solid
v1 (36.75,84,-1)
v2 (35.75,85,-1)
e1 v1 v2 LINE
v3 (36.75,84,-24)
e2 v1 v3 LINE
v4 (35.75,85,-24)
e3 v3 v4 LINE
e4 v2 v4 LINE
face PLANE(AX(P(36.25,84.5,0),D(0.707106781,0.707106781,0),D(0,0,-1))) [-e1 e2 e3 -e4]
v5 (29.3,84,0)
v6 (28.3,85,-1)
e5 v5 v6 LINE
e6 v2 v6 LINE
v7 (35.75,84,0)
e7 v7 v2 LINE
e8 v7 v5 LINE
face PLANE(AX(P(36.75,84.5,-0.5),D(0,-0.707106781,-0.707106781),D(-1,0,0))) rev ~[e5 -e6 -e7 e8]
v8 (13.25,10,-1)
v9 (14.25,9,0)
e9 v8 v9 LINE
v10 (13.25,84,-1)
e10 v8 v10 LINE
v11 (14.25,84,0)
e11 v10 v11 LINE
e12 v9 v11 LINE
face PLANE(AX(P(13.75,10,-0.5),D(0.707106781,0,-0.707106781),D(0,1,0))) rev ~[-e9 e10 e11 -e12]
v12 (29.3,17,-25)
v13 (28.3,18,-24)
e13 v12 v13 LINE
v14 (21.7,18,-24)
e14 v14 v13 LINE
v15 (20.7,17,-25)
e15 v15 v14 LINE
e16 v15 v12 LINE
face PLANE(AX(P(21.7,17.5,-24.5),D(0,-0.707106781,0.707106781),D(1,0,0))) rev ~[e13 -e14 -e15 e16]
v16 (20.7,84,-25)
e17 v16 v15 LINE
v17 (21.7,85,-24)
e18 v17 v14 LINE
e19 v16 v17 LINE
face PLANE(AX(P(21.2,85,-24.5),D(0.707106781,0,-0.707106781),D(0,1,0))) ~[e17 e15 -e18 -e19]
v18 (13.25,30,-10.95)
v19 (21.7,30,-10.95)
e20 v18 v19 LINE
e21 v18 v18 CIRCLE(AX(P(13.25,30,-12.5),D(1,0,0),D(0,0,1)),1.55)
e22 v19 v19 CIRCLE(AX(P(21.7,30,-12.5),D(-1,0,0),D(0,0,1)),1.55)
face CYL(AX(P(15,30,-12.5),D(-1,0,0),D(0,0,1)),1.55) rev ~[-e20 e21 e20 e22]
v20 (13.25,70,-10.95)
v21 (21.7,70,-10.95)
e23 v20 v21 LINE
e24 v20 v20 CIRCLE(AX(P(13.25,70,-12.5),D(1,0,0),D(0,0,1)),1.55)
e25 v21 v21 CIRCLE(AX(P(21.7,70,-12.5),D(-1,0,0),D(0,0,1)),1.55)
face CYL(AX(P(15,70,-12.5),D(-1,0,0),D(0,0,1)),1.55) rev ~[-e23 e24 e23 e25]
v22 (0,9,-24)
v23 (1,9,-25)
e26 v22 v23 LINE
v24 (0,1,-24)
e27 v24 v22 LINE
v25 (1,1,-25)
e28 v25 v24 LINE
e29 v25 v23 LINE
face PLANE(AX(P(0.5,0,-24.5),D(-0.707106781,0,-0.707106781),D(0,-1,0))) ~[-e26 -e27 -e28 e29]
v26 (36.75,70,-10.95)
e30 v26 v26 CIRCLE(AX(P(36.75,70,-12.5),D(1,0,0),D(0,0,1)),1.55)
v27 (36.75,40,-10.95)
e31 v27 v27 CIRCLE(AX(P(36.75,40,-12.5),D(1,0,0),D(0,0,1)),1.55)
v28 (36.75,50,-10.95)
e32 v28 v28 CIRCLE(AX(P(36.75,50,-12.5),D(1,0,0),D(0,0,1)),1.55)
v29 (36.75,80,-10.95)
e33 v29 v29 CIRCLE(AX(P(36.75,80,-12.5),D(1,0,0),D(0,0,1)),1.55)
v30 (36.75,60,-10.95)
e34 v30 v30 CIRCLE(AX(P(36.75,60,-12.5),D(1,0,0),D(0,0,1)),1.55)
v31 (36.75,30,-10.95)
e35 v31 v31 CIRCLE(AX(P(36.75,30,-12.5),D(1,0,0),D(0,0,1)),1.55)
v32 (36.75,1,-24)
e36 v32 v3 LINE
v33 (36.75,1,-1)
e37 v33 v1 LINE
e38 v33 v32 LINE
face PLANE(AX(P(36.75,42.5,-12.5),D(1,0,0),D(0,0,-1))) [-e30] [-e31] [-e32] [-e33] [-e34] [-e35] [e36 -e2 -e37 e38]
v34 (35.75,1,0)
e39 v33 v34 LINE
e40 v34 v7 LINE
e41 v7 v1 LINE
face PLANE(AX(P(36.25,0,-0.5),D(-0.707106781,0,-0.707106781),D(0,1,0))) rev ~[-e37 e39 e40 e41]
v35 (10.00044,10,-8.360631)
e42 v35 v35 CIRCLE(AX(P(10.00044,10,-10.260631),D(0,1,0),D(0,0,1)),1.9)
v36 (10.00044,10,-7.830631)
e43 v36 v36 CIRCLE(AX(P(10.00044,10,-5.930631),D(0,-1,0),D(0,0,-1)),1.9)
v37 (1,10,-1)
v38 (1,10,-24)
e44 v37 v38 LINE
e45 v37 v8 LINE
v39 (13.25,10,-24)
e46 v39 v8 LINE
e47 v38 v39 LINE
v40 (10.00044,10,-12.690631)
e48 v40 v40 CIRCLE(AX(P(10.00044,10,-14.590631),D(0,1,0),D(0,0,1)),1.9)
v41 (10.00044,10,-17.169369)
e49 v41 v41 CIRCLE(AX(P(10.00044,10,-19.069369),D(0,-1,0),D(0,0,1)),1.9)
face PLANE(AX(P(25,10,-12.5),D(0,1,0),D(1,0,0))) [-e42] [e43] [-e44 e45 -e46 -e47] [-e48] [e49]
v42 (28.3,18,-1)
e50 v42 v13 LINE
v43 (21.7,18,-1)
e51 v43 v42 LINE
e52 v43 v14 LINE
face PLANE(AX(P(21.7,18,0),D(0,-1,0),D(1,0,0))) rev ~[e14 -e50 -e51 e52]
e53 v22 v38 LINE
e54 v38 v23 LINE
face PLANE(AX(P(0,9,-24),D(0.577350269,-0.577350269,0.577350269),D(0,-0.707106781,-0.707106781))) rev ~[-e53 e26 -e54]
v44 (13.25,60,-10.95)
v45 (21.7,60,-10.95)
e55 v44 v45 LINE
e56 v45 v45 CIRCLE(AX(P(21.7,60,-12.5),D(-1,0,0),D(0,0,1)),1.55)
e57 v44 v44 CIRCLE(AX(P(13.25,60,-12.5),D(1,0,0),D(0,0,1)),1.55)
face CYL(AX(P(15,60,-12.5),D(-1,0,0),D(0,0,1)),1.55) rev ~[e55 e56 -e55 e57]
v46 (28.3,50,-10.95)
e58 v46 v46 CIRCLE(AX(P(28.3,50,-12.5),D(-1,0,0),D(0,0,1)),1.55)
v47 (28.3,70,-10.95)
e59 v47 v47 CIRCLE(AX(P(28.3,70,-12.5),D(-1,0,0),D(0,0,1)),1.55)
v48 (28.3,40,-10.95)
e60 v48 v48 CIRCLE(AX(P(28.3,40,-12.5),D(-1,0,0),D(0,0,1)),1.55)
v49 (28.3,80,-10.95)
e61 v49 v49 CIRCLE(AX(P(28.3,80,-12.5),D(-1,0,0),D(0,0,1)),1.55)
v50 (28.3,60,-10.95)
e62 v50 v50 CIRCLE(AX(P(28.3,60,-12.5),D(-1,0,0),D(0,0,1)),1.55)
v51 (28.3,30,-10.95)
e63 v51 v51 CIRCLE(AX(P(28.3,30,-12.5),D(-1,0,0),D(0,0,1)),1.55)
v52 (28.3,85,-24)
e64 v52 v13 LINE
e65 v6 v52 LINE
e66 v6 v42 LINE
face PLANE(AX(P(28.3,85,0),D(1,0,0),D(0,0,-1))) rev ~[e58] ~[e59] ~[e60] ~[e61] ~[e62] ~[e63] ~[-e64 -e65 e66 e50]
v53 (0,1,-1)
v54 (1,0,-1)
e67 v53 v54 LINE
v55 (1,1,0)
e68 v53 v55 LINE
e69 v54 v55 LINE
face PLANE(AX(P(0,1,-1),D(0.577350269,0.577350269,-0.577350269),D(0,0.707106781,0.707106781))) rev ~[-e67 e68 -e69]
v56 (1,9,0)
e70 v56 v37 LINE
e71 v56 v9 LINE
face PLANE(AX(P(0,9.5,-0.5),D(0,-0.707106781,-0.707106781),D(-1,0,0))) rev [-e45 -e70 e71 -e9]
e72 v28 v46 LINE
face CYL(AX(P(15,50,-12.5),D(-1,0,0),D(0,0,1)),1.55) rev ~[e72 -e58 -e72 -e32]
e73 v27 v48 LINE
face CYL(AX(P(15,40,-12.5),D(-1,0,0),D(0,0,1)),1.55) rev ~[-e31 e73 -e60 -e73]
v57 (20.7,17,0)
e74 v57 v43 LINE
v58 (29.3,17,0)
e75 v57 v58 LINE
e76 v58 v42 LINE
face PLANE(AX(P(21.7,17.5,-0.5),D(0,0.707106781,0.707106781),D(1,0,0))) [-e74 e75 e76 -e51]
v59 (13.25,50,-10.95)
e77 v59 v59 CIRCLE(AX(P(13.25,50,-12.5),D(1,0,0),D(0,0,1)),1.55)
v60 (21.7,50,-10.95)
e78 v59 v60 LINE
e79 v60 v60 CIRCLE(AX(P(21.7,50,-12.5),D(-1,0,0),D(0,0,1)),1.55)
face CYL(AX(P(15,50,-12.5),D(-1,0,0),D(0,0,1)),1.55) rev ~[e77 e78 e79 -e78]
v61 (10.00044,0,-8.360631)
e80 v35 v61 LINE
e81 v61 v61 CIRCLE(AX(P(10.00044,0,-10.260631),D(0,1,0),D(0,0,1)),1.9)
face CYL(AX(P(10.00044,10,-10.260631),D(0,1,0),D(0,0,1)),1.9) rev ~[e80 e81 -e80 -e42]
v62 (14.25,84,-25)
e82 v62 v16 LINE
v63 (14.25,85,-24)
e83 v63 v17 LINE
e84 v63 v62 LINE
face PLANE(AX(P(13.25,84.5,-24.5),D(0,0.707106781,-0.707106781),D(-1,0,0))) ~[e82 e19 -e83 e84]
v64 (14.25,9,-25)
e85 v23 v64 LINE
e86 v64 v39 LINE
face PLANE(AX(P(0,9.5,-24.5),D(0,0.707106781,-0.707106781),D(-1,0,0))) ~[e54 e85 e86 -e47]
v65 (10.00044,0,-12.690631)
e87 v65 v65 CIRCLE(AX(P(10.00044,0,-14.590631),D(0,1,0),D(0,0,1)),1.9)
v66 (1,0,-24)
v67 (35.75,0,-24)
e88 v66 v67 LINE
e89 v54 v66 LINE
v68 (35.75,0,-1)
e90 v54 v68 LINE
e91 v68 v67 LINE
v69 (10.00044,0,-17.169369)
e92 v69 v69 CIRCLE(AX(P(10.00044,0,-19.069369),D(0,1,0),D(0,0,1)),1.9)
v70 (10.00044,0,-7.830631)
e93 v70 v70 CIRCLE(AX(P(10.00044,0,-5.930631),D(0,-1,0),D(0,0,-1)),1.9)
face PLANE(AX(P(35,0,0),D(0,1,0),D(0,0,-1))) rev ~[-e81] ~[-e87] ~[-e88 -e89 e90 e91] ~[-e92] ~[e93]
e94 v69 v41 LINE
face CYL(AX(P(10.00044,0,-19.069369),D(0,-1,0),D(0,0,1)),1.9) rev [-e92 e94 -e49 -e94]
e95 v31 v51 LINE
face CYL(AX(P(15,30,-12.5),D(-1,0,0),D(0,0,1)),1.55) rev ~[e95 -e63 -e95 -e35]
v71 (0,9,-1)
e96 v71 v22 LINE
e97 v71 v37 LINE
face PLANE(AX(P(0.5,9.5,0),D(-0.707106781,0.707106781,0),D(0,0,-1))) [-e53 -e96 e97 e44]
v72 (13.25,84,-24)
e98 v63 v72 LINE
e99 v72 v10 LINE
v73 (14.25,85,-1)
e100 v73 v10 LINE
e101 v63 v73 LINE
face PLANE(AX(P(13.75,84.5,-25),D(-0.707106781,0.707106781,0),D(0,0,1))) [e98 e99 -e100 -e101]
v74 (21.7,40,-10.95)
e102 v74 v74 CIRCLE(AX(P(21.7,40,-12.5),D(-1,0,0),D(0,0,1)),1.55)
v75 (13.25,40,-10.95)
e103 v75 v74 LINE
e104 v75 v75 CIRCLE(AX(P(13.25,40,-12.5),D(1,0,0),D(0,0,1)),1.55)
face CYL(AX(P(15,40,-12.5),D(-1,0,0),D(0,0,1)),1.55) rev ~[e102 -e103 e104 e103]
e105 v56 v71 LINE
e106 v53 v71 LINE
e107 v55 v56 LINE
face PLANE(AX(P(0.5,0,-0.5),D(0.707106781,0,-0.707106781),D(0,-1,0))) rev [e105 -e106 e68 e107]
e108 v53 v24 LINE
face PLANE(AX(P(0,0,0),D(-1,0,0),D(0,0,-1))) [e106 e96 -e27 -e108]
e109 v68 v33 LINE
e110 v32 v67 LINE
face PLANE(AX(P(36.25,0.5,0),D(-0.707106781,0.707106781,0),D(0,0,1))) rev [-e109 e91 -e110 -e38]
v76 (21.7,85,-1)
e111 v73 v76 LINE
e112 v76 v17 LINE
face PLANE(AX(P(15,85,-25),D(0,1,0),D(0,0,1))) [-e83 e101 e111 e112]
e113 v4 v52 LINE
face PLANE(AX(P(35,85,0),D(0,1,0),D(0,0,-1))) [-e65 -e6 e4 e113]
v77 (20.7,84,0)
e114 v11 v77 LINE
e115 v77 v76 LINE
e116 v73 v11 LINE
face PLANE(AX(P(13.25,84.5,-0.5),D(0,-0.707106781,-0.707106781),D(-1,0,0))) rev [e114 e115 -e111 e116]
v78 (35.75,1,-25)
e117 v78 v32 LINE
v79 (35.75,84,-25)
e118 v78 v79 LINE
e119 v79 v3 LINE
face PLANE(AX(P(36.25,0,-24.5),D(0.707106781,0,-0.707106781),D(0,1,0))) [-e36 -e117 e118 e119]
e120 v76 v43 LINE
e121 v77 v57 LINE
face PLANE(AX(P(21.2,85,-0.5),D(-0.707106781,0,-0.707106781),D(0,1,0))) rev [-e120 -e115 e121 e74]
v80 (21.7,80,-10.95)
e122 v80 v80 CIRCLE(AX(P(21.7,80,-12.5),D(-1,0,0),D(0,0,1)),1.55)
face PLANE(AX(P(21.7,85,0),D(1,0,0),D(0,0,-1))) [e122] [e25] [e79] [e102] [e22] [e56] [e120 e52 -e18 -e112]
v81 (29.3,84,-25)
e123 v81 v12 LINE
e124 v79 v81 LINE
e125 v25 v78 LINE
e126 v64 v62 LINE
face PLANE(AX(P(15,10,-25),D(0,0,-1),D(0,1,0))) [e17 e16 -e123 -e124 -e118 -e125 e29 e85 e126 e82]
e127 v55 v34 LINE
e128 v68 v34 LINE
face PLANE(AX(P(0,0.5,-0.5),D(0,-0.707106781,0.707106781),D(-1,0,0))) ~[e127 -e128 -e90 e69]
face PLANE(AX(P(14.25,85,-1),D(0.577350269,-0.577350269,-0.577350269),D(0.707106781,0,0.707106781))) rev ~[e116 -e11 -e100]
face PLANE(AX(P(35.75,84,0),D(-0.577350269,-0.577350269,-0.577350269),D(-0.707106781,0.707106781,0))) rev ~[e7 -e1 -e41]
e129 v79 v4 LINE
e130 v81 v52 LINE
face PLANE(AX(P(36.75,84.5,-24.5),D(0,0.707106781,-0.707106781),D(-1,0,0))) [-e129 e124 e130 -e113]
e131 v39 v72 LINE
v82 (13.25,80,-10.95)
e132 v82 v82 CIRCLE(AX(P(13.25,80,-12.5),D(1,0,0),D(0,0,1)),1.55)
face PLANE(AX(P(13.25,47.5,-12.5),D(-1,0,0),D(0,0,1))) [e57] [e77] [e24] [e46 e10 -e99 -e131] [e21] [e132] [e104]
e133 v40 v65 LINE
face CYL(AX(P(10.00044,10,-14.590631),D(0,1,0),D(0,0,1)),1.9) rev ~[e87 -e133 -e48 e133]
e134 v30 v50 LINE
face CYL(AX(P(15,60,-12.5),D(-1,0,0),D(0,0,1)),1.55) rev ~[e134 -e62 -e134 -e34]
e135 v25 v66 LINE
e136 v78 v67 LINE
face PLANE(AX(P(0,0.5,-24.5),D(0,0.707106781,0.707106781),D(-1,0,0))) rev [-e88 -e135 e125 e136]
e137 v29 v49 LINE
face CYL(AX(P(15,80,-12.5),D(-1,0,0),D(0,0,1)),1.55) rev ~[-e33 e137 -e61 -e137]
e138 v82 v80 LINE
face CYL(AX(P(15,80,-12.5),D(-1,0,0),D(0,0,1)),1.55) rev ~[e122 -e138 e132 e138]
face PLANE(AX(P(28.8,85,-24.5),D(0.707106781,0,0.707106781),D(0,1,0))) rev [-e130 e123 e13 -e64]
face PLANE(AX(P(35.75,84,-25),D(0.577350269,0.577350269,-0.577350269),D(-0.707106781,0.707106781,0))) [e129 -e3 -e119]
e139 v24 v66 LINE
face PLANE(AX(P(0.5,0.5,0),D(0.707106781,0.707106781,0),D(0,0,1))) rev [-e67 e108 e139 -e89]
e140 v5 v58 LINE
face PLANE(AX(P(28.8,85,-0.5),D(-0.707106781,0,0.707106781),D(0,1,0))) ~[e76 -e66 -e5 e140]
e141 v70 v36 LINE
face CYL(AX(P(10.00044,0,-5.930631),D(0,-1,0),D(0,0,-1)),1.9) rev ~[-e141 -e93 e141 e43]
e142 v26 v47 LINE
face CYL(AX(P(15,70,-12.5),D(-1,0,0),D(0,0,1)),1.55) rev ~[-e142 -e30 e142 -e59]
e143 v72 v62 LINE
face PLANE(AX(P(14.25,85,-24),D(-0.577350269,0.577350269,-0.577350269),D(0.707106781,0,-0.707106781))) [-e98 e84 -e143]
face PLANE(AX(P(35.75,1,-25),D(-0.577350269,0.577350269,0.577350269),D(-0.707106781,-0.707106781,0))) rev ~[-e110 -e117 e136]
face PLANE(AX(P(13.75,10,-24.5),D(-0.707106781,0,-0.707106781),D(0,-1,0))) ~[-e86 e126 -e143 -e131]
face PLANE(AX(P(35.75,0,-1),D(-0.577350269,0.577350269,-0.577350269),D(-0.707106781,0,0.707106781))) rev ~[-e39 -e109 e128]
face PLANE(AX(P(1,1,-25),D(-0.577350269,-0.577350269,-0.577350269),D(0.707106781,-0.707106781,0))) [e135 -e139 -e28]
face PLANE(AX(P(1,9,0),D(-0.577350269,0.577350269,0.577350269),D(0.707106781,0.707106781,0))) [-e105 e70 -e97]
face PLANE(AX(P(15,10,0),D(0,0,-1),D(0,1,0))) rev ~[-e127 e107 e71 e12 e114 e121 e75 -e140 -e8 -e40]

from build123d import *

# Parameters (mm, degrees)
SKETCH1_W               = 50
SKETCH1_H               = 25
BOSS_EXTRUDE1_DEPTH     = 10
SKETCH2_W               = 20
SKETCH2_H               = 25
BOSS_EXTRUDE2_DEPTH     = 75
SKETCH3_W               = 6.6
SKETCH3_H               = 25
CUT_EXTRUDE1_DEPTH      = 75
SKETCH4_R               = 1.55
CUT_EXTRUDE2_DEPTH      = 96.262794416
LPATTERN1_COUNT         = 6
LPATTERN1_PITCH         = 10
SKETCH5_W               = 15
SKETCH5_H               = 25
CUT_EXTRUDE3_DEPTH      = 94.541434669
SKETCH6_R               = 1.9
CUT_EXTRUDE4_DEPTH      = 96.262794416
SKETCH7_R               = 1.9
CUT_EXTRUDE5_DEPTH      = 87.458082329
SKETCH8_W               = 6.6
SKETCH8_H               = 8
BOSS_EXTRUDE4_DEPTH     = 25
SKETCH11_W              = 25
SKETCH11_H              = 85
BOSS_EXTRUDE5_DEPTH     = 1.75
SKETCH12_W              = 25
SKETCH12_H              = 75
BOSS_EXTRUDE6_DEPTH     = 1.75
SKETCH14_R              = 1.9
CUT_EXTRUDE7_DEPTH      = 88.18120497
CUT_EXTRUDE8_DEPTH      = 94.010160735
CUT_EXTRUDE8_DEPTH_BACK = 94.010160735
SKETCH15_R              = 1.55
CHAMFER1_SIZE           = 1


with BuildPart() as part:
    # Sketch1 → Boss-Extrude1 (new body)
    with BuildSketch(Plane(origin=(0, 0, 0), x_dir=(1, 0, 0), z_dir=(0, 1, 0))):
        with Locations((25, 12.5)):
            Rectangle(SKETCH1_W, SKETCH1_H)
    extrude(amount=BOSS_EXTRUDE1_DEPTH)

    # Sketch2 → Boss-Extrude2 (add)
    with BuildSketch(Plane(origin=(0, 10, 0), x_dir=(1, 0, 0), z_dir=(0, 1, 0))):
        with Locations((25, 12.5)):
            Rectangle(SKETCH2_W, SKETCH2_H)
    extrude(amount=BOSS_EXTRUDE2_DEPTH)

    # Sketch3 → Cut-Extrude1 (cut)
    with BuildSketch(Plane(origin=(0, 85, 0), x_dir=(1, 0, 0), z_dir=(0, 1, 0))):
        with Locations((25, 12.5)):
            Rectangle(SKETCH3_W, SKETCH3_H)
    extrude(amount=-CUT_EXTRUDE1_DEPTH, mode=Mode.SUBTRACT)

    # Sketch4 → Cut-Extrude2 (cut, symmetric)
    with BuildSketch(Plane.ZY.offset(-15)):
        with Locations((-12.5, 80)):
            Circle(SKETCH4_R)
    cut_extrude2 = extrude(amount=CUT_EXTRUDE2_DEPTH, both=True, mode=Mode.SUBTRACT)

    # LPattern1: Cut-Extrude2 ×6
    with Locations(*[(0, -i * LPATTERN1_PITCH, 0) for i in range(1, LPATTERN1_COUNT)]):
        add(cut_extrude2, mode=Mode.SUBTRACT)

    # Sketch5 → Cut-Extrude3 (cut, through all)
    with BuildSketch(Plane(origin=(0, 10, 0), x_dir=(1, 0, 0), z_dir=(0, 1, 0))):
        with Locations((42.5, 12.5)):
            Rectangle(SKETCH5_W, SKETCH5_H)
    extrude(amount=-CUT_EXTRUDE3_DEPTH, mode=Mode.SUBTRACT)

    # Sketch6 → Cut-Extrude4 (cut, through all)
    with BuildSketch(Plane.XZ):
        with Locations(Location((10.000440006, -5.930630913, 0), (0, 0, 270))):
            Circle(SKETCH6_R)
    cut_extrude4 = extrude(amount=-CUT_EXTRUDE4_DEPTH, mode=Mode.SUBTRACT)

    # Mirror1: Cut-Extrude4 across plane
    add(cut_extrude4.mirror(Plane.XY.offset(-12.5)), mode=Mode.SUBTRACT)

    # Sketch7 → Cut-Extrude5 (cut, through all)
    with BuildSketch(Plane(origin=(0, 10, 0), x_dir=(1, 0, 0), z_dir=(0, 1, 0))):
        with Locations(Location((10.000440006, 14.590630913, 0), (0, 0, 270))):
            Circle(SKETCH7_R)
        with Locations(Location((10.000440006, 5.930630913, 0), (0, 0, 90))):
            Circle(SKETCH7_R)
    extrude(amount=-CUT_EXTRUDE5_DEPTH, mode=Mode.SUBTRACT)

    # Sketch8 → Boss-Extrude4 (add, through all)
    with BuildSketch(Plane.XY):
        with Locations((25, 14)):
            Rectangle(SKETCH8_W, SKETCH8_H)
    extrude(amount=-BOSS_EXTRUDE4_DEPTH)

    # Sketch11 → Boss-Extrude5 (add)
    with BuildSketch(Plane(origin=(35, 0, 0), x_dir=(0, 0, -1), z_dir=(1, 0, 0))):
        with Locations((12.5, 42.5)):
            Rectangle(SKETCH11_W, SKETCH11_H)
    extrude(amount=BOSS_EXTRUDE5_DEPTH)

    # Sketch12 → Boss-Extrude6 (add)
    with BuildSketch(Plane.ZY.offset(-15)):
        with Locations((-12.5, 47.5)):
            Rectangle(SKETCH12_W, SKETCH12_H)
    extrude(amount=BOSS_EXTRUDE6_DEPTH)

    # Sketch14 → Cut-Extrude7 (cut, through all)
    with BuildSketch(Plane(origin=(0, 10, 0), x_dir=(1, 0, 0), z_dir=(0, 1, 0))):
        with Locations(Location((10.000440006, 10.260630913, 0), (0, 0, 270))):
            Circle(SKETCH14_R)
    extrude(amount=-CUT_EXTRUDE7_DEPTH, mode=Mode.SUBTRACT)

    # Sketch15 → Cut-Extrude8 (cut, two sides: drawn at the far end of the back side and taken through both)
    with BuildSketch(Plane.ZY.offset(-28.3).offset(-CUT_EXTRUDE8_DEPTH_BACK)):
        with Locations((-12.5, 30)):
            Circle(SKETCH15_R)
        with Locations((-12.5, 40)):
            Circle(SKETCH15_R)
        with Locations((-12.5, 50)):
            Circle(SKETCH15_R)
        with Locations((-12.5, 60)):
            Circle(SKETCH15_R)
        with Locations((-12.5, 70)):
            Circle(SKETCH15_R)
        with Locations((-12.5, 80)):
            Circle(SKETCH15_R)
    extrude(amount=CUT_EXTRUDE8_DEPTH + CUT_EXTRUDE8_DEPTH_BACK, mode=Mode.SUBTRACT)

    # Chamfer1
    chamfer1_edges = [part.edges().sort_by_distance(p)[0] for p in [
        (21.7, 51.5, -25),
        (21.7, 51.5, 0),
        (28.3, 51.5, 0),
        (28.3, 51.5, -25),
        (25, 18, -25),
        (25, 18, 0),
        (36.75, 85, -12.5),
        (36.75, 42.5, 0),
        (36.75, 0, -12.5),
        (36.75, 42.5, -25),
        (6.625, 10, -25),
        (13.25, 47.5, -25),
        (13.25, 47.5, 0),
        (13.25, 85, -12.5),
        (17.475, 85, 0),
        (32.525, 85, -25),
        (32.525, 85, 0),
        (17.475, 85, -25),
        (0, 10, -12.5),
        (18.375, 0, 0),
        (0, 0, -12.5),
        (0, 5, -25),
        (18.375, 0, -25),
        (0, 5, 0),
        (6.625, 10, 0),
    ]]
    chamfer(chamfer1_edges, length=CHAMFER1_SIZE)


solid = part.part
